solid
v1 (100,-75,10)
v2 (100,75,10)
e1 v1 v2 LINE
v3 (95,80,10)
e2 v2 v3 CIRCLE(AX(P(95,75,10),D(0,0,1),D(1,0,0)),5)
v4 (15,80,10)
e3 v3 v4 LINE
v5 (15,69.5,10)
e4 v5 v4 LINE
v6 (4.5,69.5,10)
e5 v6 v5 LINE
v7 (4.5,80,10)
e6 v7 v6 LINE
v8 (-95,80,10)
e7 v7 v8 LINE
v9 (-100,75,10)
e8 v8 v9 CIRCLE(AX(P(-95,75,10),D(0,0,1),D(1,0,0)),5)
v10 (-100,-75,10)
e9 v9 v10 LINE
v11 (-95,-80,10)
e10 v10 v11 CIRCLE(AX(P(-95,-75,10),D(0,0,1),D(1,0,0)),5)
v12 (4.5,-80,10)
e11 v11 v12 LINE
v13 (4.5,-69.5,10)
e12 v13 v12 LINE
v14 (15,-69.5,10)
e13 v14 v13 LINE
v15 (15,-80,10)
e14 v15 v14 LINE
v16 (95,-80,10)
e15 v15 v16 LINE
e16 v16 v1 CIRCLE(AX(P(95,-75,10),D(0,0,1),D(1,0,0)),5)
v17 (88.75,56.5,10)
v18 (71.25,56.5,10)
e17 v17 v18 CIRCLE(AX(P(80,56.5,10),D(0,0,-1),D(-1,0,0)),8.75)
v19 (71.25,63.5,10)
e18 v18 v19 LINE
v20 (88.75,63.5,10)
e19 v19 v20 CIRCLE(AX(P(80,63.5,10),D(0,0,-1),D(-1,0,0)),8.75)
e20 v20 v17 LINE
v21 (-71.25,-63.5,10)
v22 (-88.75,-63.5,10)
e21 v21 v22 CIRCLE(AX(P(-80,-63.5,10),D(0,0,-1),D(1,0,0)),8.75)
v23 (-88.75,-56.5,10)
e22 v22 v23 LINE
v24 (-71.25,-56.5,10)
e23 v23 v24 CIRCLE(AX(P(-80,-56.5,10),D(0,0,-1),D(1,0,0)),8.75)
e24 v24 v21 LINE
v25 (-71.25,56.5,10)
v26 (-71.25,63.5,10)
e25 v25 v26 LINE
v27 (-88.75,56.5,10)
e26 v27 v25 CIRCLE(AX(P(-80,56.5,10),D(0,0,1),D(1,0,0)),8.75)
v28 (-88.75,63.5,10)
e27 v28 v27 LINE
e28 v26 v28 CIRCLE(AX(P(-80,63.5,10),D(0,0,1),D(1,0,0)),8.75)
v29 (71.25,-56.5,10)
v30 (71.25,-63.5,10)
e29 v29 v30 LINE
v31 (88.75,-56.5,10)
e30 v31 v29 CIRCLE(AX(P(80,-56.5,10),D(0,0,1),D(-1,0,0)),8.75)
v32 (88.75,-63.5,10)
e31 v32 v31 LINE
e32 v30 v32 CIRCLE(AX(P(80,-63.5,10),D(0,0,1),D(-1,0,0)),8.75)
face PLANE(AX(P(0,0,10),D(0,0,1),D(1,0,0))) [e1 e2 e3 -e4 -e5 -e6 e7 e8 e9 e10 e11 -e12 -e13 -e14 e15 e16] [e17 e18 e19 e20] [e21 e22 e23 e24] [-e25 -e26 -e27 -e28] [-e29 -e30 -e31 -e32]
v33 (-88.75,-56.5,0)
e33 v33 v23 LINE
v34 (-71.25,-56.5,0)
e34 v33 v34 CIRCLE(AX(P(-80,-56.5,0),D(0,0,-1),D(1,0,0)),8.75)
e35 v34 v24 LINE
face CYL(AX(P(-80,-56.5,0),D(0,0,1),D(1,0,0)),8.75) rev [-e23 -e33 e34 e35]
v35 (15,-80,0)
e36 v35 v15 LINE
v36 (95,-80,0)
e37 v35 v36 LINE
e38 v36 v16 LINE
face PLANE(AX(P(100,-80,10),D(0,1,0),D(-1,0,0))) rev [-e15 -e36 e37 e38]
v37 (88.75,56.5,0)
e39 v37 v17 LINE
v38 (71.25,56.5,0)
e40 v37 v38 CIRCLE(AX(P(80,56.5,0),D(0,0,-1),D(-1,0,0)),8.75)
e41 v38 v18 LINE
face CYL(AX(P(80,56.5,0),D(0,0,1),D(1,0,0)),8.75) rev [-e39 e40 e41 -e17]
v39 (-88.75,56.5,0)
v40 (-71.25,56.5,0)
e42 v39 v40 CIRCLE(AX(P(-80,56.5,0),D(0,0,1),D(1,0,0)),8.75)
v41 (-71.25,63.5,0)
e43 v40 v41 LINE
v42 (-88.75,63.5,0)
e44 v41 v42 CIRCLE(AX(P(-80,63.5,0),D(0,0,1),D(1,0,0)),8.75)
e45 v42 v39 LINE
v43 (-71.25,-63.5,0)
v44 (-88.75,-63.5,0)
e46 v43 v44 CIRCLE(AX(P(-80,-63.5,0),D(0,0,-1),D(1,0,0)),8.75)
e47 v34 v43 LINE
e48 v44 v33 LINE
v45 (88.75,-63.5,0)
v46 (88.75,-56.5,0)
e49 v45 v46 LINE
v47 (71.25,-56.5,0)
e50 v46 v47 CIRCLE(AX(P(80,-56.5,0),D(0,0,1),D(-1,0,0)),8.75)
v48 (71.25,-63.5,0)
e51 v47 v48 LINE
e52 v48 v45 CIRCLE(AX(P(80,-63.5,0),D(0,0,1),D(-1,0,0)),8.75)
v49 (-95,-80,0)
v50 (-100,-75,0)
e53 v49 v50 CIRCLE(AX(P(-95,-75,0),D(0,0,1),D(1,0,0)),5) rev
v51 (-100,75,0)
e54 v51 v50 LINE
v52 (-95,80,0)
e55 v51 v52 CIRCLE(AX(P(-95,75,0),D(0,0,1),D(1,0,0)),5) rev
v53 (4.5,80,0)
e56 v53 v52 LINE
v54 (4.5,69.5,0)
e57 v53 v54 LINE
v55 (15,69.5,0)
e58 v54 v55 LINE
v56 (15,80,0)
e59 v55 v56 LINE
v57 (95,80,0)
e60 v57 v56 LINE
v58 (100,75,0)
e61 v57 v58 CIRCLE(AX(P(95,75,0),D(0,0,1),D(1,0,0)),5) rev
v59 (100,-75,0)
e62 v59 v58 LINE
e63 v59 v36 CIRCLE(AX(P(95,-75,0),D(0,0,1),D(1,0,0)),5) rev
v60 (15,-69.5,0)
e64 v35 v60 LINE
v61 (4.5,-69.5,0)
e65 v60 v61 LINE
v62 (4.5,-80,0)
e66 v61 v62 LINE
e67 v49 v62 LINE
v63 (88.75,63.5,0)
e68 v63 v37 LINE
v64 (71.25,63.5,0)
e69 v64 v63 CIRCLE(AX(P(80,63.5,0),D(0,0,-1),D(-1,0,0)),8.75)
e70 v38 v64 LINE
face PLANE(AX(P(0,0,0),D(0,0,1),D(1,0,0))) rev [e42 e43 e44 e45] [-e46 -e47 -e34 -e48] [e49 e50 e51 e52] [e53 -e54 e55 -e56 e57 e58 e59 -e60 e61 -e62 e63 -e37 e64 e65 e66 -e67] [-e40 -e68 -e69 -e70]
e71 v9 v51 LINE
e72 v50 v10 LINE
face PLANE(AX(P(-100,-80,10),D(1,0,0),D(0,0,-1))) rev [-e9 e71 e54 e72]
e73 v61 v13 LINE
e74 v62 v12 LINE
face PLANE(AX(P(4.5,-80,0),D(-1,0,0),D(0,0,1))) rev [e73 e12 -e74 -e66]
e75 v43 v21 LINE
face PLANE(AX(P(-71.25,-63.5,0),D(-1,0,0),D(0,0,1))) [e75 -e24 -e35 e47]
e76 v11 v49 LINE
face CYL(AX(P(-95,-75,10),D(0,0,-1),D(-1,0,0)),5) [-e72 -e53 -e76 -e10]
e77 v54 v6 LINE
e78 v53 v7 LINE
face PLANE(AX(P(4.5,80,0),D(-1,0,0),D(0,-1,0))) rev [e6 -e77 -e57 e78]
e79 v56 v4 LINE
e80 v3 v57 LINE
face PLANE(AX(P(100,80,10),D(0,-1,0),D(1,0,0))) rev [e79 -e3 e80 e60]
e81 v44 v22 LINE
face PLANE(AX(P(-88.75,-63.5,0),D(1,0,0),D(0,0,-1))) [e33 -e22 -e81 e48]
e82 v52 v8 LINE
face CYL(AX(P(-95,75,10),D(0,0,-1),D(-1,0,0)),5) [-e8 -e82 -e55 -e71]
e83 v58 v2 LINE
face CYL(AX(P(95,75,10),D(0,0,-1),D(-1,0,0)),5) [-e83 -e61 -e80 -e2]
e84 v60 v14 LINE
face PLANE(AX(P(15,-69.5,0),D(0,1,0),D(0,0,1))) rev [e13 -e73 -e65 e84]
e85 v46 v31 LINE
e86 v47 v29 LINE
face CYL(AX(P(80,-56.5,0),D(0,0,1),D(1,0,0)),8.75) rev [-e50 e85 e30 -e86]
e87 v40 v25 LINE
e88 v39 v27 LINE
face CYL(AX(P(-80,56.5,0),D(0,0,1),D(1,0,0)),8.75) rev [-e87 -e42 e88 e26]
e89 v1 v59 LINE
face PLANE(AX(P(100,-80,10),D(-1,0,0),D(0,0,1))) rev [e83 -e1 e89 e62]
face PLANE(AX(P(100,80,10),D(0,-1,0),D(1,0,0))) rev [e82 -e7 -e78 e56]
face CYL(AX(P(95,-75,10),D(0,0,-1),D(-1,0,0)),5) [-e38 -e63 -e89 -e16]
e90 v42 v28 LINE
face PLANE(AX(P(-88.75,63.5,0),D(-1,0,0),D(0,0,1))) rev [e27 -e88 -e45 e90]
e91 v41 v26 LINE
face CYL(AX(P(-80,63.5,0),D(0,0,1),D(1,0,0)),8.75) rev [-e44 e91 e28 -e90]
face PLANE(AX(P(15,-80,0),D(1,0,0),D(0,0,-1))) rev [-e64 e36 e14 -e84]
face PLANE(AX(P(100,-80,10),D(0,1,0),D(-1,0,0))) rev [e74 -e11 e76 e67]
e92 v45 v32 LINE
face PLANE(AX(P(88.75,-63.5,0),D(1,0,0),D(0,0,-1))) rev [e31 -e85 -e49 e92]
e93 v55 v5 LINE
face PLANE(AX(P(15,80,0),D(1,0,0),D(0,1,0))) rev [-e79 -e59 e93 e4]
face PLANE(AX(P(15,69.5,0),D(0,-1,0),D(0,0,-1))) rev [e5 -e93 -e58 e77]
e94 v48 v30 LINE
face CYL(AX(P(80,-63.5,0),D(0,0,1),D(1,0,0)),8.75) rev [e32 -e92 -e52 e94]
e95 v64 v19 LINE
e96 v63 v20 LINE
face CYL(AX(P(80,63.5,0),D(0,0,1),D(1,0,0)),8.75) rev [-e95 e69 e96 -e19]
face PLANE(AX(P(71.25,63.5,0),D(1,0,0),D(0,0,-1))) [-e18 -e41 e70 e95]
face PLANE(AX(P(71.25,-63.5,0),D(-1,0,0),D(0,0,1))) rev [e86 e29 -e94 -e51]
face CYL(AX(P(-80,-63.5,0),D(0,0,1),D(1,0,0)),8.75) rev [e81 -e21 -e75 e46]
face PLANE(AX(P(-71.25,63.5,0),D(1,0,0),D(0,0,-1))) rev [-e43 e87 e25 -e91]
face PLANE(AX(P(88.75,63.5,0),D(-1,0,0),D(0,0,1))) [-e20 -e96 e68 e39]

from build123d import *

# Parameters (mm, degrees)
ESQUISSE1_W             = 200
ESQUISSE1_H             = 160
ESQUISSE1_R             = 8.75
BOSS_EXTRU_1_DEPTH      = 10
ESQUISSE2_W             = 10.5
ESQUISSE2_H             = 10.5
ENL_V_MAT_EXTRU_1_DEPTH = 10
CONG_1_R                = 5
ENL_V_MAT_EXTRU_2_DEPTH = 11
SYM_TRIE2_COPY_1_DEPTH  = 11


with BuildPart() as part:
    # Esquisse1 → Boss.-Extru.1 (new body)
    with BuildSketch(Plane.XY):
        Rectangle(ESQUISSE1_W, ESQUISSE1_H)
        with Locations((-80, 60)):
            Circle(ESQUISSE1_R, mode=Mode.SUBTRACT)
        with Locations((80, 60)):
            Circle(ESQUISSE1_R, mode=Mode.SUBTRACT)
        with Locations((80, -60)):
            Circle(ESQUISSE1_R, mode=Mode.SUBTRACT)
        with Locations((-80, -60)):
            Circle(ESQUISSE1_R, mode=Mode.SUBTRACT)
    extrude(amount=BOSS_EXTRU_1_DEPTH)

    # Esquisse2 → Enlèv. mat.-Extru.1 (cut)
    with BuildSketch(Plane.XY.offset(10)):
        with Locations((9.75, 74.75)):
            Rectangle(ESQUISSE2_W, ESQUISSE2_H)
        with Locations((9.75, -74.75)):
            Rectangle(ESQUISSE2_W, ESQUISSE2_H)
    extrude(amount=-ENL_V_MAT_EXTRU_1_DEPTH, mode=Mode.SUBTRACT)

    # Congé1
    cong_1_edges = [part.edges().sort_by_distance(p)[0] for p in [
        (-100, 80, 5),
        (100, 80, 5),
        (100, -80, 5),
        (-100, -80, 5),
    ]]
    fillet(cong_1_edges, radius=CONG_1_R)

    # Esquisse3 → Enlèv. mat.-Extru.2 (cut, through all)
    with BuildSketch(Plane.XY.offset(10)):
        with BuildLine():
            Line((-71.25, 63.5), (-71.25, 56.5))
            ThreePointArc((-71.25, 56.5), (-80, 47.75), (-88.75, 56.5))
            Line((-88.75, 56.5), (-88.75, 63.5))
            ThreePointArc((-88.75, 63.5), (-80, 72.25), (-71.25, 63.5))
        make_face()
    enl_v_mat_extru_2 = extrude(amount=-ENL_V_MAT_EXTRU_2_DEPTH, mode=Mode.SUBTRACT)

    # Symétrie1: Enlèv. mat.-Extru.2 across plane
    add(enl_v_mat_extru_2.mirror(Plane.ZX), mode=Mode.SUBTRACT)

    # Symétrie2: Enlèv. mat.-Extru.2 across plane
    add(enl_v_mat_extru_2.mirror(Plane(origin=(0, 0, 0), x_dir=(0, 0, 1), z_dir=(1, 0, 0))), mode=Mode.SUBTRACT)

    # Symétrie2 copy 1 sketch → Symétrie2 copy 1 (cut, through all)
    with BuildSketch(Plane(origin=(0, 0, 10), x_dir=(-1, 0, 0), z_dir=(0, 0, 1))):
        with BuildLine():
            Line((-71.25, 63.5), (-71.25, 56.5))
            ThreePointArc((-71.25, 56.5), (-80, 47.75), (-88.75, 56.5))
            Line((-88.75, 56.5), (-88.75, 63.5))
            ThreePointArc((-88.75, 63.5), (-80, 72.25), (-71.25, 63.5))
        make_face()
    extrude(amount=-SYM_TRIE2_COPY_1_DEPTH, mode=Mode.SUBTRACT)


solid = part.part
